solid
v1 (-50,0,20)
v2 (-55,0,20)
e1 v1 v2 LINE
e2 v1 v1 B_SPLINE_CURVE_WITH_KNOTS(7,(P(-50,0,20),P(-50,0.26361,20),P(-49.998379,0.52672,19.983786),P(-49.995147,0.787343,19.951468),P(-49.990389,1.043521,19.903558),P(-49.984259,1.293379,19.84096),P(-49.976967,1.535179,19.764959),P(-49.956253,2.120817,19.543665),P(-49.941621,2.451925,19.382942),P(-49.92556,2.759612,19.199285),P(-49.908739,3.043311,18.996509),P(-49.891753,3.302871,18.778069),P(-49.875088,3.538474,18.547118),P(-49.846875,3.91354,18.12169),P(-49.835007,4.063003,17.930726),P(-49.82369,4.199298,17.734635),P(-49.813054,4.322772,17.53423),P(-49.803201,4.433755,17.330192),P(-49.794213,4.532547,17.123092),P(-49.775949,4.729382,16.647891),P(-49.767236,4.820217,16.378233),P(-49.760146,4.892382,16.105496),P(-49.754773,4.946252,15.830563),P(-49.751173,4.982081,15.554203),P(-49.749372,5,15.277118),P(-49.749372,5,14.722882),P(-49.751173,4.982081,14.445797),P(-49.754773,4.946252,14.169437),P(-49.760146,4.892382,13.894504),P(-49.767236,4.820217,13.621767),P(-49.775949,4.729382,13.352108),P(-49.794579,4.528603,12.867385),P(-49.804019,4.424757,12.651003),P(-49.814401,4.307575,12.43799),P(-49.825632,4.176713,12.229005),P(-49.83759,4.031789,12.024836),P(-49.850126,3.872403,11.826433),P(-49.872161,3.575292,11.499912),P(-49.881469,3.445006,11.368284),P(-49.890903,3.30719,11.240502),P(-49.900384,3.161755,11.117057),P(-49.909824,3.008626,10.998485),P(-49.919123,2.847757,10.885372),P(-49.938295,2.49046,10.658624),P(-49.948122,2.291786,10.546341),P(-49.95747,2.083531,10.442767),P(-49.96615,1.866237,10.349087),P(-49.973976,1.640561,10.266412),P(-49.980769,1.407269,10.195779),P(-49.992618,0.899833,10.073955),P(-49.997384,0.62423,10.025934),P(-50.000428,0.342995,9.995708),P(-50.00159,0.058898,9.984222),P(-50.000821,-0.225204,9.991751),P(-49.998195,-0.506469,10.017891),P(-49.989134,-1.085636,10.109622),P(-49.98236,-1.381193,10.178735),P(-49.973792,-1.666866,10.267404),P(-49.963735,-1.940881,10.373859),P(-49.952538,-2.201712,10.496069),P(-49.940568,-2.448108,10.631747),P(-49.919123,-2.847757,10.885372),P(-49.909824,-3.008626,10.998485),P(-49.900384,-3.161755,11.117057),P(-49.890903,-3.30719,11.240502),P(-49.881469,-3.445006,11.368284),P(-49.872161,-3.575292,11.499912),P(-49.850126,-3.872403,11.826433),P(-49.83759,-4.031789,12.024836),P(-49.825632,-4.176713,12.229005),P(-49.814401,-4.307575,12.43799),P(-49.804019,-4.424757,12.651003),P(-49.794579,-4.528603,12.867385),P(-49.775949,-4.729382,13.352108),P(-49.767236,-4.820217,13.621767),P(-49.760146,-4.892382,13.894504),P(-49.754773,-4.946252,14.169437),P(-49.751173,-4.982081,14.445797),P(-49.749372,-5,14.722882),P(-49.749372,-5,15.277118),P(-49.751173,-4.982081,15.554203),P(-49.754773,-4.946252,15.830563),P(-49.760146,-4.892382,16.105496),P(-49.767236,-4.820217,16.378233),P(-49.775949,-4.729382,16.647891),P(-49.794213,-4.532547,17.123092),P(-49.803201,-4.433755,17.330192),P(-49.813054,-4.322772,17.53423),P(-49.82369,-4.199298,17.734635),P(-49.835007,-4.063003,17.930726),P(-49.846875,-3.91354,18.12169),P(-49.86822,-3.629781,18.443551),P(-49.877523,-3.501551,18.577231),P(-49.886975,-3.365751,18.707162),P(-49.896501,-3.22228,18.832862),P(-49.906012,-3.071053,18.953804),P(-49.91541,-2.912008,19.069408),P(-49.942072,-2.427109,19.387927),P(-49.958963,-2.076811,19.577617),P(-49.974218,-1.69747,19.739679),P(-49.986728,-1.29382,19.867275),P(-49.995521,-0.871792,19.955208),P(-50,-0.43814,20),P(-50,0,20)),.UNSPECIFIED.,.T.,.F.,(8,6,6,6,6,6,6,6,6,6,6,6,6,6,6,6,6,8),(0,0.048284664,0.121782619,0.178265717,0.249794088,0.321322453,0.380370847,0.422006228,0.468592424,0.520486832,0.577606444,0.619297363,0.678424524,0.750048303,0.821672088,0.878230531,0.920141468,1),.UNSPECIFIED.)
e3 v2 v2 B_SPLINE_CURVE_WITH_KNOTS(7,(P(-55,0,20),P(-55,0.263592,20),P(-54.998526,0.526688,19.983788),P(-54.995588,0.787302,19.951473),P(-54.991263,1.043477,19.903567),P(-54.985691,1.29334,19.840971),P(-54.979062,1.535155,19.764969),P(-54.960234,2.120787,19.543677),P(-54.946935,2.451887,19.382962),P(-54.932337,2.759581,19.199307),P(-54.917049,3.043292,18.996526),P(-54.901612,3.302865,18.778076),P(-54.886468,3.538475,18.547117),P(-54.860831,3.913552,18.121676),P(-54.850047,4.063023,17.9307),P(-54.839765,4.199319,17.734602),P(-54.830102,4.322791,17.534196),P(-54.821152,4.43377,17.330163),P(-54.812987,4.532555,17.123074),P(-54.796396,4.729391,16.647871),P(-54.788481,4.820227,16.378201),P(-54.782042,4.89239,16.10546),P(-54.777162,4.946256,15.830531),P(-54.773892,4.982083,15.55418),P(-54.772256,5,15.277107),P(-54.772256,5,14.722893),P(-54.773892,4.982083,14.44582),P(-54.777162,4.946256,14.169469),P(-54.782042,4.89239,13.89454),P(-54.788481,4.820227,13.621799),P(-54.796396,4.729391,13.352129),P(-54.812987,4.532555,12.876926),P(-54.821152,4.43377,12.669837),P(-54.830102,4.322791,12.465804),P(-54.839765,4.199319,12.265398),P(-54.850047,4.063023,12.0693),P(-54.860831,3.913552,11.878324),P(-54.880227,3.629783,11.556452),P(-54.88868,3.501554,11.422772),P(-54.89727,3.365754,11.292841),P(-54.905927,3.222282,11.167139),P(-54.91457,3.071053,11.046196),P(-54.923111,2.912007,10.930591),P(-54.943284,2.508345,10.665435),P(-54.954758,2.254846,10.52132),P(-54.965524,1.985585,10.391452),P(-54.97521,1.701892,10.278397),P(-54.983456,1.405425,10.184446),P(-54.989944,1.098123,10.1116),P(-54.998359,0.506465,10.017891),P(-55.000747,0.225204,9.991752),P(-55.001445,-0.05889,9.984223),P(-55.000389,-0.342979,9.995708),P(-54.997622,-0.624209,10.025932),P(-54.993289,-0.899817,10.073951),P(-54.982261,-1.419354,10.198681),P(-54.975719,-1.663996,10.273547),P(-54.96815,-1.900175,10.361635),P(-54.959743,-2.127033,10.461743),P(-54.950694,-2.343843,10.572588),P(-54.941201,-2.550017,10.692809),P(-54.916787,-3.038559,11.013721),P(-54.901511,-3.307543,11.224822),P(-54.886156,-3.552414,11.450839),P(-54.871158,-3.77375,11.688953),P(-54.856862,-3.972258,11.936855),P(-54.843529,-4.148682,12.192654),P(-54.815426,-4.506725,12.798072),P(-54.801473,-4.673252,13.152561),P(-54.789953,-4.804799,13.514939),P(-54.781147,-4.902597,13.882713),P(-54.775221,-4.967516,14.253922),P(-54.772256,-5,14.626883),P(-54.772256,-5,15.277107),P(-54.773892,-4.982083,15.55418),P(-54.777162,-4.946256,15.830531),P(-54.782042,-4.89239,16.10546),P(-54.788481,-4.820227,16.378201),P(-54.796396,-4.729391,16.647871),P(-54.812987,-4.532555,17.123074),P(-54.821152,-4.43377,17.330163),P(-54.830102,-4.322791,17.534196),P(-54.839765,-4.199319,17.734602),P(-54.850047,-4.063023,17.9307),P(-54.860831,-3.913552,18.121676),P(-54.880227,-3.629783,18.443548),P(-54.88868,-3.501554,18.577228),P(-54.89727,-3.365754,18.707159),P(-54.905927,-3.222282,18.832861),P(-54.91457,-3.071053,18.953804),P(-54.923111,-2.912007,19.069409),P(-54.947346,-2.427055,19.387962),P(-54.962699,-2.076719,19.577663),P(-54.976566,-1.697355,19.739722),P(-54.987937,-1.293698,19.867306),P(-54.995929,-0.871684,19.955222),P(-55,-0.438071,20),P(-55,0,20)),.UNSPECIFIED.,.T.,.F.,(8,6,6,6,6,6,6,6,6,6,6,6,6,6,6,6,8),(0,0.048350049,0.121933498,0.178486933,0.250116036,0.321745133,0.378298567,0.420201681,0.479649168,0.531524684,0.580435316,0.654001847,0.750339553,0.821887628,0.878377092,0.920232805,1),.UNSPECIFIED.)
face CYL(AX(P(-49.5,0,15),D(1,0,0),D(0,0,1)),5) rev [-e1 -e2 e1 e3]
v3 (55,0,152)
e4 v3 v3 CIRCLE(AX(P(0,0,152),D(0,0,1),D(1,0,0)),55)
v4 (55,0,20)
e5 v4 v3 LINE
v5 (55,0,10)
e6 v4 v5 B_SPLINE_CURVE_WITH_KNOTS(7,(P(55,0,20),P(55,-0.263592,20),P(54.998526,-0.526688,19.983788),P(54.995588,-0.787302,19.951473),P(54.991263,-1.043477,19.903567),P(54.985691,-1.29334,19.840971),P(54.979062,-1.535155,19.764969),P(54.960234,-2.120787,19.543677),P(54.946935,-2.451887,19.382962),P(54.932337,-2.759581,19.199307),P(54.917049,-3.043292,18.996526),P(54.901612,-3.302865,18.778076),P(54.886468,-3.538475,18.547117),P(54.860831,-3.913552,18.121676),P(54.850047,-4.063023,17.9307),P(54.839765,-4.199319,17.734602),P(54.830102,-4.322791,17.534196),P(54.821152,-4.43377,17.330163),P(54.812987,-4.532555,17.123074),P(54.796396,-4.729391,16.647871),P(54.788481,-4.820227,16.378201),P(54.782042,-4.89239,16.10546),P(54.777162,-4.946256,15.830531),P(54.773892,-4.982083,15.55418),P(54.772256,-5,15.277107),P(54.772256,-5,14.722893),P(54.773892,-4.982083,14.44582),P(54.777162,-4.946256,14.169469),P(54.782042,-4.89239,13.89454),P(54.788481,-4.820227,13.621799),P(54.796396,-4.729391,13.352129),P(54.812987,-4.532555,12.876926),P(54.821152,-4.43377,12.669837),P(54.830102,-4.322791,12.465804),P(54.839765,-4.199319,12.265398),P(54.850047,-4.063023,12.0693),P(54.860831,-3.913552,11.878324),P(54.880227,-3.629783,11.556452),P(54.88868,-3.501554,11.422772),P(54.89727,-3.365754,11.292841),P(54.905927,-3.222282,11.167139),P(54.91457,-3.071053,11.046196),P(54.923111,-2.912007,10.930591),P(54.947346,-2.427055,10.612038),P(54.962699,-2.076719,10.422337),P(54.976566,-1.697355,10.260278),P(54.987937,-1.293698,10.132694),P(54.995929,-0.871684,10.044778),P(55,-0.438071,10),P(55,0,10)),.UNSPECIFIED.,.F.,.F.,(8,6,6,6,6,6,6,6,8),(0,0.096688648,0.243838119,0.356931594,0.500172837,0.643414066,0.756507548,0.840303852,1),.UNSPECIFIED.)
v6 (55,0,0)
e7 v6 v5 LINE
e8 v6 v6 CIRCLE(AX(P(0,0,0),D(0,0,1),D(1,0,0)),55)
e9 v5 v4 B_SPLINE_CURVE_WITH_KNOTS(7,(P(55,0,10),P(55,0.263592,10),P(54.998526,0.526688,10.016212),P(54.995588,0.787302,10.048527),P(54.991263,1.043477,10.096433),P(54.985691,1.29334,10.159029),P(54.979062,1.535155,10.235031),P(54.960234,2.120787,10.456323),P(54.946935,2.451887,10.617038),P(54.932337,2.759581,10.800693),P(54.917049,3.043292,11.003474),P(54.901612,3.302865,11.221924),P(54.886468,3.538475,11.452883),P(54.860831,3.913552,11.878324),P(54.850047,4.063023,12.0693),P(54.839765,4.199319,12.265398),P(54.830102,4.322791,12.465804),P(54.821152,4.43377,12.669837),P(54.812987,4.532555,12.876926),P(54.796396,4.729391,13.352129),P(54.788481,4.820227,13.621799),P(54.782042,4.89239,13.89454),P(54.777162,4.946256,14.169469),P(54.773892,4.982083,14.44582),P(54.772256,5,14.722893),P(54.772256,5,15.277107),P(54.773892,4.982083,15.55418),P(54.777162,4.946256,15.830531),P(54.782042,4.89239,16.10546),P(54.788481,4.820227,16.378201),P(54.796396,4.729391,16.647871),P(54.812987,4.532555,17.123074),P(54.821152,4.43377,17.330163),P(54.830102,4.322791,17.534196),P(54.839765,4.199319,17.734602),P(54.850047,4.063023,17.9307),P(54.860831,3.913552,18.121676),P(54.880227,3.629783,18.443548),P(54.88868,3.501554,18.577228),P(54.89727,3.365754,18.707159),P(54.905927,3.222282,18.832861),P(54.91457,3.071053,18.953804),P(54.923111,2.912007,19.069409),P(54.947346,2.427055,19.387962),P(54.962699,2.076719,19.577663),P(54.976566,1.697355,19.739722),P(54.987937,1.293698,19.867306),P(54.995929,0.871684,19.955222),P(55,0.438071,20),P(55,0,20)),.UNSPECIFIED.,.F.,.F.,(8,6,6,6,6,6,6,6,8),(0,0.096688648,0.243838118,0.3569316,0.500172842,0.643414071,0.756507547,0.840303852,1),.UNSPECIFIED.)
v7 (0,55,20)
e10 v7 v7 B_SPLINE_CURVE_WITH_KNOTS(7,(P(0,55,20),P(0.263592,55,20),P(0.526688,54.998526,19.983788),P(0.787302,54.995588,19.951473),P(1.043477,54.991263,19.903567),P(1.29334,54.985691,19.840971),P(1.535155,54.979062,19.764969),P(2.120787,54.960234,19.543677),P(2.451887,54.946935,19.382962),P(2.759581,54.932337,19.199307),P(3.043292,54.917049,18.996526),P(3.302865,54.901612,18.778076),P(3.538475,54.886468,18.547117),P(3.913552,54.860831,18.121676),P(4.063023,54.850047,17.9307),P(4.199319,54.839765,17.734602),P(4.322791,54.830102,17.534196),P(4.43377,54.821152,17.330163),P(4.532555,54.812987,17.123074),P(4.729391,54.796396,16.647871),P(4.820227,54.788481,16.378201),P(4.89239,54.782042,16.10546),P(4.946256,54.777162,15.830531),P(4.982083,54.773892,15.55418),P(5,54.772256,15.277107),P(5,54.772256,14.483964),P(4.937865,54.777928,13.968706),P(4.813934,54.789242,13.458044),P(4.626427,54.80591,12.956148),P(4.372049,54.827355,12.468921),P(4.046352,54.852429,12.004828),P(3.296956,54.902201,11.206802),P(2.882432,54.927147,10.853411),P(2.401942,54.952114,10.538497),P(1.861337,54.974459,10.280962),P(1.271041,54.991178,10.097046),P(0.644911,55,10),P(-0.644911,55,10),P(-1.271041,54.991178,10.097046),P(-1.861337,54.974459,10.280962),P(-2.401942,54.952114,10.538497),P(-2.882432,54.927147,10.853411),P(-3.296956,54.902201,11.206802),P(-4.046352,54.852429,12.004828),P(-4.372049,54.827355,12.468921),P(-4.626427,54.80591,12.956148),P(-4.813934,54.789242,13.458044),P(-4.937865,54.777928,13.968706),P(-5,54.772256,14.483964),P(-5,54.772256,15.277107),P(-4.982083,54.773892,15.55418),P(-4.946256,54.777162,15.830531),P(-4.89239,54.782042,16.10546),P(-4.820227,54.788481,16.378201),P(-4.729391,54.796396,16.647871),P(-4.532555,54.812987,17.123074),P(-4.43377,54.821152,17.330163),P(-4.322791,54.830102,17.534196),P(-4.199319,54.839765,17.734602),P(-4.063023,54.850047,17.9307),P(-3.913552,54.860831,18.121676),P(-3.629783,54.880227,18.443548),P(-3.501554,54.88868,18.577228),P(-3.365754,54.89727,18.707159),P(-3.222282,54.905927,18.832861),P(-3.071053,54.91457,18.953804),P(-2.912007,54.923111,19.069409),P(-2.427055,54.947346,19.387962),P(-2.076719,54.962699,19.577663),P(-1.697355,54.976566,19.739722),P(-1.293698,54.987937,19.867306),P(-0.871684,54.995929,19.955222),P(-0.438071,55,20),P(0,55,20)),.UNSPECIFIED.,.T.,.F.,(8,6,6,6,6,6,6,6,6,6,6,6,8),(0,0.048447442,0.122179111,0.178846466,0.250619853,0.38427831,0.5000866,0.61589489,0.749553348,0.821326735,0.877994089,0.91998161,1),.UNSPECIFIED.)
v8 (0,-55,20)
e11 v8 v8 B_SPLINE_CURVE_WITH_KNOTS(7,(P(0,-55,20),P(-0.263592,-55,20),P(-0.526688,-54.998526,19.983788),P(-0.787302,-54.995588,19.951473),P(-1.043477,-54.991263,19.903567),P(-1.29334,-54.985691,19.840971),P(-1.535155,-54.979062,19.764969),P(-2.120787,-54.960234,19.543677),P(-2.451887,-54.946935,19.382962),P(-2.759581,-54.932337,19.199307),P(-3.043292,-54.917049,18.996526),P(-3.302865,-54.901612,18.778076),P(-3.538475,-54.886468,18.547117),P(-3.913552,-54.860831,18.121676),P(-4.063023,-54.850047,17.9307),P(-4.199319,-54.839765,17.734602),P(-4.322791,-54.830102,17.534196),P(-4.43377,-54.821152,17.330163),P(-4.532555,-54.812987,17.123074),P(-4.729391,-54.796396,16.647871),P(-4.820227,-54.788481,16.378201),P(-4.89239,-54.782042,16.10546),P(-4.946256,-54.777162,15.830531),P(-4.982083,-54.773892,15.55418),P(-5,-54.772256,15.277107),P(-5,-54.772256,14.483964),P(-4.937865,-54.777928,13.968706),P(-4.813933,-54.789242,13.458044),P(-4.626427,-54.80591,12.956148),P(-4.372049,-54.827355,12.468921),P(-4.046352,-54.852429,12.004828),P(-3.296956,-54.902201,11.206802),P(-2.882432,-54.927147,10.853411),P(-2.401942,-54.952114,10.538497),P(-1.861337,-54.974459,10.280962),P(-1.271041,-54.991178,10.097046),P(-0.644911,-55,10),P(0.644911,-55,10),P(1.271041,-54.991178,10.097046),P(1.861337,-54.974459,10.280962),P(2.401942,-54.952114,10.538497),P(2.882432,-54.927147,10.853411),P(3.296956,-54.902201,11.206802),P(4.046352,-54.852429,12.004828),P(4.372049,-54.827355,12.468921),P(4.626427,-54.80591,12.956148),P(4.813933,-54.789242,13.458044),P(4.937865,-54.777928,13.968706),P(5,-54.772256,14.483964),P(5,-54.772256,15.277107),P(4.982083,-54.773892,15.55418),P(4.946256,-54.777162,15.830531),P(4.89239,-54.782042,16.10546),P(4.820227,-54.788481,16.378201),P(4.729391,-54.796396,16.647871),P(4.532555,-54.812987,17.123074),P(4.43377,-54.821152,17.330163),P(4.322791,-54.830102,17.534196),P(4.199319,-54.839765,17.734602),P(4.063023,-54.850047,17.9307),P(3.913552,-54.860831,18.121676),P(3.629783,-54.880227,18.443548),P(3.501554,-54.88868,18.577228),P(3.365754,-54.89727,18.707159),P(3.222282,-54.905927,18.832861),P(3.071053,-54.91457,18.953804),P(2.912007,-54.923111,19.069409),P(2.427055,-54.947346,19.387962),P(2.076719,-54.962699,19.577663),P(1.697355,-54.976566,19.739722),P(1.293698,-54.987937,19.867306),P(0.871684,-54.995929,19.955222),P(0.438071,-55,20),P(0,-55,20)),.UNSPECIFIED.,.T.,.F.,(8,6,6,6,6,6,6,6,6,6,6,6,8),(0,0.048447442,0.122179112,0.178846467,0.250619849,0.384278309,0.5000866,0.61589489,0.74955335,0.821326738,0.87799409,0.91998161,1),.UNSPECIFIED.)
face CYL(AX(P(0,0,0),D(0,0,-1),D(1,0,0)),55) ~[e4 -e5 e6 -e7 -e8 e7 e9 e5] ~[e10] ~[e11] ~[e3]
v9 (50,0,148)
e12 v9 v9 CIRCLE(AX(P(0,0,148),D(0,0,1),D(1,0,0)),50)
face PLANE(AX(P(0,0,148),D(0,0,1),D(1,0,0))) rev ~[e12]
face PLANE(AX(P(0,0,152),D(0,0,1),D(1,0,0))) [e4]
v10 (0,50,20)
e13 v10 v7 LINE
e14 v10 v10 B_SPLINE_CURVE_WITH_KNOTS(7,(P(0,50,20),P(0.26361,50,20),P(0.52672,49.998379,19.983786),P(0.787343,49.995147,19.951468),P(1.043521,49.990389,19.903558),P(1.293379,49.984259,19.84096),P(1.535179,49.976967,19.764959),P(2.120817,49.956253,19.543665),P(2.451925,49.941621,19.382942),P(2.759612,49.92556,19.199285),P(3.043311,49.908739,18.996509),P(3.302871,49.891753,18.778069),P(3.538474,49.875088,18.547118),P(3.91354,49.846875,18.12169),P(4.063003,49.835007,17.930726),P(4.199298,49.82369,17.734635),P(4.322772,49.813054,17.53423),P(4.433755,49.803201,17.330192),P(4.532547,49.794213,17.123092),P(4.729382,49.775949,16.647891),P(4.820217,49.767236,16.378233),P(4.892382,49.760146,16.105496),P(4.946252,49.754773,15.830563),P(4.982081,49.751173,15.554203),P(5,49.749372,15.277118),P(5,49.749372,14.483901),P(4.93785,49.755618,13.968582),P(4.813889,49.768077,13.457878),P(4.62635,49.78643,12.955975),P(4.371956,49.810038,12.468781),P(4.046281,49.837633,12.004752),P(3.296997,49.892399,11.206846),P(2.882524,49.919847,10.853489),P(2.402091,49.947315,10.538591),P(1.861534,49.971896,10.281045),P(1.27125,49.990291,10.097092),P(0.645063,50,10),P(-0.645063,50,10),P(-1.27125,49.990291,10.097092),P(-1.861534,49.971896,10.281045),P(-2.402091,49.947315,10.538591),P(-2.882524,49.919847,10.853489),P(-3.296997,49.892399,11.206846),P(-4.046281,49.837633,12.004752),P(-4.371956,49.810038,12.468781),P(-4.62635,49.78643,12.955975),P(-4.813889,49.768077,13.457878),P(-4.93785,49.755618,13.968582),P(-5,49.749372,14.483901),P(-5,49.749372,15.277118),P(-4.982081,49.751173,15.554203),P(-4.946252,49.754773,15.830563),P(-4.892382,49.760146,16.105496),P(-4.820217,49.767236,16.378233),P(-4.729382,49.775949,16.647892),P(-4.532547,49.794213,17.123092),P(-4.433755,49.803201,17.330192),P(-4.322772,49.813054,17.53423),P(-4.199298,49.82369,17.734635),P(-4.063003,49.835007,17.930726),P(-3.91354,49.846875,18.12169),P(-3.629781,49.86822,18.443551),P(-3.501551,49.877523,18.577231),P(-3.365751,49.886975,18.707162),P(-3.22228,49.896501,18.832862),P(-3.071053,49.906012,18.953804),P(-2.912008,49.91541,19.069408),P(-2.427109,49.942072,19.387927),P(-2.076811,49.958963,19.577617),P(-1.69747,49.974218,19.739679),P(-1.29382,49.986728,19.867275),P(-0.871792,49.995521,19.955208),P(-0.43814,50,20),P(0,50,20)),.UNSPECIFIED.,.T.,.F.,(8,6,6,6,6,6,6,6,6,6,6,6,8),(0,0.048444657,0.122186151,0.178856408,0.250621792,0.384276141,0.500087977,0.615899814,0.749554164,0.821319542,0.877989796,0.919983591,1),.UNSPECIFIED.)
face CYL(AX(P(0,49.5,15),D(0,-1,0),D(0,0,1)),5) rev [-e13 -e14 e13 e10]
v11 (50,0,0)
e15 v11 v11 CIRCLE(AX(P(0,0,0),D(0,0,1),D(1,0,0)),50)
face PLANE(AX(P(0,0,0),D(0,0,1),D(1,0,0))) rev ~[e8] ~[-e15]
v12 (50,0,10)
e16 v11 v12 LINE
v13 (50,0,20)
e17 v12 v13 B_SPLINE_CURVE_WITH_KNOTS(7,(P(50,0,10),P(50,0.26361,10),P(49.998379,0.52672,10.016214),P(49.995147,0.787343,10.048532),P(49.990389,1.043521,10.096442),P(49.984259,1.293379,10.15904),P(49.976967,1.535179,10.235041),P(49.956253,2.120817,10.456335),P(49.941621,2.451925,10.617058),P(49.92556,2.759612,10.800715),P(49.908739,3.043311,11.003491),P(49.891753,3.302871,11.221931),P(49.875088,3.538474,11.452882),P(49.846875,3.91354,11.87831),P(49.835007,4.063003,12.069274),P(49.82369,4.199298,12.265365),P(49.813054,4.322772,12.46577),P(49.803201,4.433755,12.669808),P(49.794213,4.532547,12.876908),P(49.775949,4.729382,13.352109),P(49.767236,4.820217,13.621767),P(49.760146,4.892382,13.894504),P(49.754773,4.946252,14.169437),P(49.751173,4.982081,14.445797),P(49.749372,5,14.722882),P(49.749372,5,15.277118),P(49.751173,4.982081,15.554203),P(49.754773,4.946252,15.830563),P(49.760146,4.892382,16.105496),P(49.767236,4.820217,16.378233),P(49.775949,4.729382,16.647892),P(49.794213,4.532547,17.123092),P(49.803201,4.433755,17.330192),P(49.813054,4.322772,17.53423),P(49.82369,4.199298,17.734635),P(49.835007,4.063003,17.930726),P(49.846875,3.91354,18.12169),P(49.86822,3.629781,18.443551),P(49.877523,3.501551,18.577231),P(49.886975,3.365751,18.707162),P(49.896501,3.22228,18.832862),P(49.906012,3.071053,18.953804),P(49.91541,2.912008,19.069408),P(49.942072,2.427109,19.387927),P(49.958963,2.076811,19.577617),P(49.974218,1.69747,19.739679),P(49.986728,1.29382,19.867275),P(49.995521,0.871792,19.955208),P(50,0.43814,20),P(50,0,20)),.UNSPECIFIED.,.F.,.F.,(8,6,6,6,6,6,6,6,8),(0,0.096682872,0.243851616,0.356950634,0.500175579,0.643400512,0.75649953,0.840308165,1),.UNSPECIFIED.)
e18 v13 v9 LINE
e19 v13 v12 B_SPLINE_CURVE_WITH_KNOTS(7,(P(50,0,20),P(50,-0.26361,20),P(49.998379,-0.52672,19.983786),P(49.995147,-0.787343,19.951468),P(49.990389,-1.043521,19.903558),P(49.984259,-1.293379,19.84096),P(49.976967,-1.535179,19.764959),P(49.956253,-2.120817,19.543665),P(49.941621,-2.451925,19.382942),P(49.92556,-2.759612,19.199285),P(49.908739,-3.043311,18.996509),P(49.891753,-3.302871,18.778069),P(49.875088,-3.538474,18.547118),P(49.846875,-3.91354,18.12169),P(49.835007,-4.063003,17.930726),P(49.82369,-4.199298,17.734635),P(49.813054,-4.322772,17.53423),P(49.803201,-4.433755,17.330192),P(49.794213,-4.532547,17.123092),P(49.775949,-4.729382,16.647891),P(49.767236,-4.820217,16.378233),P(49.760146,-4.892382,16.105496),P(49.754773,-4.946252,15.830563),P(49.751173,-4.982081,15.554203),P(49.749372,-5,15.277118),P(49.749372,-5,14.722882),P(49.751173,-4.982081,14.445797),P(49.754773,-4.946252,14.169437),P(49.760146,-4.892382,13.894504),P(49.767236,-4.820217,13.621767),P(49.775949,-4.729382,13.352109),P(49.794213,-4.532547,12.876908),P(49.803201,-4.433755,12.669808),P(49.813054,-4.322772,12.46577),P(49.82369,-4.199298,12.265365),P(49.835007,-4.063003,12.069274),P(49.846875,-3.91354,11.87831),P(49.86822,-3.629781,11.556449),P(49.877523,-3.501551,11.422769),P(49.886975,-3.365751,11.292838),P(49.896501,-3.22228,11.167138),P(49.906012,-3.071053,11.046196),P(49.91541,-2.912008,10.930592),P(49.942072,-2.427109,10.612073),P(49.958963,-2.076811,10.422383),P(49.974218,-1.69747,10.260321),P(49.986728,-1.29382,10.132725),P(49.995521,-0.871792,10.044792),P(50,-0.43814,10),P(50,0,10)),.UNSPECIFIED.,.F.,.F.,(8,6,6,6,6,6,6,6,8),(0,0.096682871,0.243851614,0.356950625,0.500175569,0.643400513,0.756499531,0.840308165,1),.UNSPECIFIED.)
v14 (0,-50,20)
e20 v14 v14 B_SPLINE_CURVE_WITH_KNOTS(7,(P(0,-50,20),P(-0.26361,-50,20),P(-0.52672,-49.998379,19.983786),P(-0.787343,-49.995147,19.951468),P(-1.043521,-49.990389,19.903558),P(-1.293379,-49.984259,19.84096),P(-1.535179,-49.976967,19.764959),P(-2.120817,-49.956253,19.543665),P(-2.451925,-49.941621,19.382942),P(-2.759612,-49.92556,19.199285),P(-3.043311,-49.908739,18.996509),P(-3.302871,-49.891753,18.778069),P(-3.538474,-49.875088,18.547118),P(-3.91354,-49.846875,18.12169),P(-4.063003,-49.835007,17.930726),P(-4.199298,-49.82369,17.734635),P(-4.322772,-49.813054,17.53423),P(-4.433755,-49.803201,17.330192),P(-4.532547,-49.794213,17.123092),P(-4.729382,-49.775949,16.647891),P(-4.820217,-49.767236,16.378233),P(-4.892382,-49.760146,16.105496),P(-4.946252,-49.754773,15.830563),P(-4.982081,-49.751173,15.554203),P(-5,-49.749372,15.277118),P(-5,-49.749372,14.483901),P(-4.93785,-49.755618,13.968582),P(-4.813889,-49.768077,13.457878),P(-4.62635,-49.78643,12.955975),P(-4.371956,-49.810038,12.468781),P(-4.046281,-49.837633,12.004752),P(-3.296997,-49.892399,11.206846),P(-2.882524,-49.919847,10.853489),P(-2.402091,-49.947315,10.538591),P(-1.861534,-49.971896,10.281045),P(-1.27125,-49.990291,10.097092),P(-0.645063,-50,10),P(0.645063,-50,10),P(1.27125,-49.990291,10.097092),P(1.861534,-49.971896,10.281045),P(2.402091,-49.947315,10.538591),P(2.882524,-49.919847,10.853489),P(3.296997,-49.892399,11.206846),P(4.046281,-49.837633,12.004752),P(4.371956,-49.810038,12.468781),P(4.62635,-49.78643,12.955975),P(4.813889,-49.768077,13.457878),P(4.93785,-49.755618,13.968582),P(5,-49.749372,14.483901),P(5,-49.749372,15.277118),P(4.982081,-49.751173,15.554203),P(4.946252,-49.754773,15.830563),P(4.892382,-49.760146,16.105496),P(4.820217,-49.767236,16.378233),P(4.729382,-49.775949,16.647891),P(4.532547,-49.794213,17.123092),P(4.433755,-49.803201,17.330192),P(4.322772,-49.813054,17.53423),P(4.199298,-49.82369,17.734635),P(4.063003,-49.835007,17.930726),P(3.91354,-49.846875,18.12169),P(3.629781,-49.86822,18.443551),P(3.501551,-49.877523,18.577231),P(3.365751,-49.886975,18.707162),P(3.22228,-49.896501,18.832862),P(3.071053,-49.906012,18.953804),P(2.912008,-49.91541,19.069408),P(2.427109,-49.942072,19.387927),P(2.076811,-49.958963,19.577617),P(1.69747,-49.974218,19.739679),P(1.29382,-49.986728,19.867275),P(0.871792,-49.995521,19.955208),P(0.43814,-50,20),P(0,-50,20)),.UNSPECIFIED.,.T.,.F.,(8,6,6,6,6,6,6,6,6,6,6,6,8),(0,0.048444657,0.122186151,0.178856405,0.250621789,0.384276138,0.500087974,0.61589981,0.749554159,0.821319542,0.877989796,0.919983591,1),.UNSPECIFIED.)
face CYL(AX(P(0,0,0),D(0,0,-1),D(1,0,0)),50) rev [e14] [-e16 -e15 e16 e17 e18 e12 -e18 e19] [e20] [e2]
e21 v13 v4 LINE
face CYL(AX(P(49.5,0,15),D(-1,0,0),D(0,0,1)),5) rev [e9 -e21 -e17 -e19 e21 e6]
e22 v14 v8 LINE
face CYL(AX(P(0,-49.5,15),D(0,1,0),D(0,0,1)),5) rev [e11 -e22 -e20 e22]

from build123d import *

# Parameters (mm, degrees)
SKETCH1_R    = 55
CUP_DEPTH    = 152
SKETCH2_R    = 50
CAVITY_DEPTH = 148
SKETCH3_R    = 5
VENT_DEPTH   = 6
VENTS_COUNT  = 4


with BuildPart() as part:
    # Sketch1 → Cup (new body)
    with BuildSketch(Plane.XY):
        Circle(SKETCH1_R)
    extrude(amount=CUP_DEPTH)

    # Sketch2 → Cavity (cut)
    with BuildSketch(Plane.XY):
        Circle(SKETCH2_R)
    extrude(amount=CAVITY_DEPTH, mode=Mode.SUBTRACT)

    # Sketch3 → Vent (cut)
    with BuildSketch(Plane(origin=(49.5, 0, 0), x_dir=(0, 0, -1), z_dir=(1, 0, 0))):
        with Locations(Location((-15, 0, 0), (0, 0, 180))):
            Circle(SKETCH3_R)
    vent = extrude(amount=VENT_DEPTH, mode=Mode.SUBTRACT)

    # Vents: Vent ×4 about axis
    vents_axis = Axis((0, 0, -7.6), (0, 0, 1))
    for i in range(1, VENTS_COUNT):
        add(vent.rotate(vents_axis, i * 360 / VENTS_COUNT), mode=Mode.SUBTRACT)


solid = part.part
